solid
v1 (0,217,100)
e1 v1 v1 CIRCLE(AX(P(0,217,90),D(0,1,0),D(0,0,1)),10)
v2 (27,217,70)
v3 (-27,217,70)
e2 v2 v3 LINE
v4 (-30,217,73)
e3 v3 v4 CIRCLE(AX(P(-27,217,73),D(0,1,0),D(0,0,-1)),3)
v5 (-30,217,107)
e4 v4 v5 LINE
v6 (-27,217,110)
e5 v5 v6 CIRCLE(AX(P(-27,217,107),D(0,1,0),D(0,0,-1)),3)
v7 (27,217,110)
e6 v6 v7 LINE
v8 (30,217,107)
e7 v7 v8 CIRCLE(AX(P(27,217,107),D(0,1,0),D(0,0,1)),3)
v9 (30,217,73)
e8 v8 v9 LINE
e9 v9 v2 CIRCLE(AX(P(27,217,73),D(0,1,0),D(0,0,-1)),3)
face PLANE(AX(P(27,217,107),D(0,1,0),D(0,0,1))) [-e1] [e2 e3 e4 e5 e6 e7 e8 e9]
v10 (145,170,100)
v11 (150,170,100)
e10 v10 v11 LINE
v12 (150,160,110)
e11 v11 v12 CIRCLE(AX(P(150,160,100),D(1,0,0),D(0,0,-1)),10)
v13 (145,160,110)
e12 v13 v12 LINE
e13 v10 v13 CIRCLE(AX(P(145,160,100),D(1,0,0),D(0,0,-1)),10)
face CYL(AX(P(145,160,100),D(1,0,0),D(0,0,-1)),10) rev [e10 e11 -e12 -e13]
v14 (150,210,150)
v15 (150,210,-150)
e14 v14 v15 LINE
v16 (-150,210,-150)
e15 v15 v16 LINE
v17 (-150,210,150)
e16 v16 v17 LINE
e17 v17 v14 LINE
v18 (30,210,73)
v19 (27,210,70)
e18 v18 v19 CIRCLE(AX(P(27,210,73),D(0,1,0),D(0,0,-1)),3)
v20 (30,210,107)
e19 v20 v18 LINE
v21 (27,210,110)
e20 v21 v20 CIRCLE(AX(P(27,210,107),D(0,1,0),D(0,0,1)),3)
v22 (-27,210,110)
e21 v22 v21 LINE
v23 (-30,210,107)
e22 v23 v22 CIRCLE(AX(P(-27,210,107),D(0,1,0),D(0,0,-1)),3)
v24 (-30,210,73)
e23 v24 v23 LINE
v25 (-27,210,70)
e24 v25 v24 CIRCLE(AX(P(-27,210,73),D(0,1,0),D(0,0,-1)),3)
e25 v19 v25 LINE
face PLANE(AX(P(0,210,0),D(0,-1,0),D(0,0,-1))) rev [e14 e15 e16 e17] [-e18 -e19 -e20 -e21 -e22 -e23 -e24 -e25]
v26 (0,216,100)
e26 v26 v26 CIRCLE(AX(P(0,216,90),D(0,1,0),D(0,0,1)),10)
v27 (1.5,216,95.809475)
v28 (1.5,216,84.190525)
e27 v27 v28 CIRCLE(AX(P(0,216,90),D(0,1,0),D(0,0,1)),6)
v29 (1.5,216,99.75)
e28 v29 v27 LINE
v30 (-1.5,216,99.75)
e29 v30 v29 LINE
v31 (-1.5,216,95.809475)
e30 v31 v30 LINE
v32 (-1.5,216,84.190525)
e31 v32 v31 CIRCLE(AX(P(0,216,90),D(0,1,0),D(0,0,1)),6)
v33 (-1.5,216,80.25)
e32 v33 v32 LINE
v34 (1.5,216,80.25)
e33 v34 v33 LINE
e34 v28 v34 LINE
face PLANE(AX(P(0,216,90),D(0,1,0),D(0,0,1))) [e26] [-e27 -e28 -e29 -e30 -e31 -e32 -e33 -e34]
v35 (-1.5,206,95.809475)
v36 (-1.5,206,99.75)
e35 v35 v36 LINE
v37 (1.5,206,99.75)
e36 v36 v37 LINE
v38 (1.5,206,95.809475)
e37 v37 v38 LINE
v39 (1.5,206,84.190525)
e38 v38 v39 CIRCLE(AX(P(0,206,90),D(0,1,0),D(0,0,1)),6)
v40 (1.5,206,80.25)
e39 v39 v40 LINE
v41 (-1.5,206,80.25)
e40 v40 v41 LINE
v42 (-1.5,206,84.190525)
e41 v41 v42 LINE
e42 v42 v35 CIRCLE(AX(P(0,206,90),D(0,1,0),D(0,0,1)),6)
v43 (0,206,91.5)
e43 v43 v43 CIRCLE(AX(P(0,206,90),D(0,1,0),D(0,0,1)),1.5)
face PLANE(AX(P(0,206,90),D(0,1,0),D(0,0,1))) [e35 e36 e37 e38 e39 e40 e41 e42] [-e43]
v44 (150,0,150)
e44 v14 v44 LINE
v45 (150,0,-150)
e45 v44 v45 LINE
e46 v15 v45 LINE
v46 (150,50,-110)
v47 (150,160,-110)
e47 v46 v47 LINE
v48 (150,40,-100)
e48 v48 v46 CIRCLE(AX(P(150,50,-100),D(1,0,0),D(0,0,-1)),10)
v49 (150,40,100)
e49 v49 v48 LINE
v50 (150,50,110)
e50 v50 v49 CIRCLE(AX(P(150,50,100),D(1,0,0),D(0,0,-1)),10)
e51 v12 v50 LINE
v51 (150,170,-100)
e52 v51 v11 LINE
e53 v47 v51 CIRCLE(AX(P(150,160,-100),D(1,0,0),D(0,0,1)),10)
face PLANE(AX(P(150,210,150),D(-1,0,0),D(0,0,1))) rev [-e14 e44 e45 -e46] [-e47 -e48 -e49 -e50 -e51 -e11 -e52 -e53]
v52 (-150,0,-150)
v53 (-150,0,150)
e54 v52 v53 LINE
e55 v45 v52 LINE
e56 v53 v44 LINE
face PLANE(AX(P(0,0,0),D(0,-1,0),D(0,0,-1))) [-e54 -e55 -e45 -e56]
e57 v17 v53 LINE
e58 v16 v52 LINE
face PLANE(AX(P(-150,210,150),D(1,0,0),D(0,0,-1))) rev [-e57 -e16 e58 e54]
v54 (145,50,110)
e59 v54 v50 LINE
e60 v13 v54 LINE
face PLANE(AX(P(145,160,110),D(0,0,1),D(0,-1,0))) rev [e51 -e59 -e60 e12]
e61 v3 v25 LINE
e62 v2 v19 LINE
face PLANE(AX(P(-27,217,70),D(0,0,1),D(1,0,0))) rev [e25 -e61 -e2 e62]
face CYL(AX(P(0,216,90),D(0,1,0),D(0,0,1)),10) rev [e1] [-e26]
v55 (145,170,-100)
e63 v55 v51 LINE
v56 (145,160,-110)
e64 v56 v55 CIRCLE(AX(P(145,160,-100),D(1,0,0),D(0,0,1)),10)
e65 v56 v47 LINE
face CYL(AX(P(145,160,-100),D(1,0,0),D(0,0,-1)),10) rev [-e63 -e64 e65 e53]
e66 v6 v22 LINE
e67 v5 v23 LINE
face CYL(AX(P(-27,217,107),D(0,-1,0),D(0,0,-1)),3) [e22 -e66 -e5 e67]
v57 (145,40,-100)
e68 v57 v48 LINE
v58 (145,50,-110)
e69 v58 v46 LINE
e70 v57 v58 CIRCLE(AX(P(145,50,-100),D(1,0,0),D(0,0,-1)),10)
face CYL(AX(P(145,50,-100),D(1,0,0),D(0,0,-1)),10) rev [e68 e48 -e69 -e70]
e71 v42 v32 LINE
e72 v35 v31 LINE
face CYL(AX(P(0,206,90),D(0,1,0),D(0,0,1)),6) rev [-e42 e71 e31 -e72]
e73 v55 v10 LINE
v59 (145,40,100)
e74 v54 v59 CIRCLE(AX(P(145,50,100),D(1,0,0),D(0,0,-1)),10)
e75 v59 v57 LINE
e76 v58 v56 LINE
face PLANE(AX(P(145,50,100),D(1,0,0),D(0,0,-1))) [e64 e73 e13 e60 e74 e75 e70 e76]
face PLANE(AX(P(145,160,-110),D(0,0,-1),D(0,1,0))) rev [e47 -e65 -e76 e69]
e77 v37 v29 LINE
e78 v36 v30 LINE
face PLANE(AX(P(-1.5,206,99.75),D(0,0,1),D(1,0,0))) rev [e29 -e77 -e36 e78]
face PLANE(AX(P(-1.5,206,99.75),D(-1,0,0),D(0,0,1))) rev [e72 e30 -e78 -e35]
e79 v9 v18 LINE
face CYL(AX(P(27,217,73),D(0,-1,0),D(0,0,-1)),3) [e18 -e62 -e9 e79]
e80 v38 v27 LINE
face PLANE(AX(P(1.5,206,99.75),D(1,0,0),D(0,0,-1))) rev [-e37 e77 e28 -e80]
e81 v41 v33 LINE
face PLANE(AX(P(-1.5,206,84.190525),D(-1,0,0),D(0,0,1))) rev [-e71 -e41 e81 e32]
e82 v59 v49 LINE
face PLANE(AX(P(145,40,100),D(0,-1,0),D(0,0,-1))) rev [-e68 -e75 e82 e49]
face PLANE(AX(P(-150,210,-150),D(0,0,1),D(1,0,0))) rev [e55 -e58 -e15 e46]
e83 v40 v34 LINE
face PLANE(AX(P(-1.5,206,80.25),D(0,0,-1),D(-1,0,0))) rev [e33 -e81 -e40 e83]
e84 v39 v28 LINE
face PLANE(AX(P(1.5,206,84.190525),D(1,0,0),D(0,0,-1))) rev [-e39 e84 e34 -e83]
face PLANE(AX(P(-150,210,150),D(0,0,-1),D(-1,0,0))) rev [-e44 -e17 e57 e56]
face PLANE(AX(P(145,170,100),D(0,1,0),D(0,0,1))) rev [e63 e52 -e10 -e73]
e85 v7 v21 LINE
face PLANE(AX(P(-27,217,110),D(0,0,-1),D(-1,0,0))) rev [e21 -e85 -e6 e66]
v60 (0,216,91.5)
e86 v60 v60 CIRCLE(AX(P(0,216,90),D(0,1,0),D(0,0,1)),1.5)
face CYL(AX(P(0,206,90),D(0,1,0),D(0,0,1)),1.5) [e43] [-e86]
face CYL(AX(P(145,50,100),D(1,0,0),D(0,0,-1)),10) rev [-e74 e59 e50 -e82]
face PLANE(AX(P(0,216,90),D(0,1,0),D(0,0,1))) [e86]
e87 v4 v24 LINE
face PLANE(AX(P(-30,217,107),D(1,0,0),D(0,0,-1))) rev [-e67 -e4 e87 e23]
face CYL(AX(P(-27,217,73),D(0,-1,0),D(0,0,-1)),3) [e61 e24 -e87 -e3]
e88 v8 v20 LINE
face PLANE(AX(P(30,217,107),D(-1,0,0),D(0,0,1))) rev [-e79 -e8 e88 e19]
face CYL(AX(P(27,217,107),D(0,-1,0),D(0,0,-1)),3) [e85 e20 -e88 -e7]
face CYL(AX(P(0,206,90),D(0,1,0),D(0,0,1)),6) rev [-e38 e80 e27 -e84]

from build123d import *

# Parameters (mm, degrees)
SKETCH1_W           = 300
SKETCH1_H           = 300
BOSS_EXTRUDE1_DEPTH = 210
CUT_EXTRUDE1_DEPTH  = 5
BOSS_EXTRUDE2_DEPTH = 7
SKETCH4_R           = 10
CUT_EXTRUDE2_DEPTH  = 1
SKETCH5_R           = 1.5
CUT_EXTRUDE3_DEPTH  = 10


with BuildPart() as part:
    # Sketch1 → Boss-Extrude1 (new body)
    with BuildSketch(Plane(origin=(0, 0, 0), x_dir=(1, 0, 0), z_dir=(0, 1, 0))):
        Rectangle(SKETCH1_W, SKETCH1_H)
    extrude(amount=BOSS_EXTRUDE1_DEPTH)

    # Sketch2 → Cut-Extrude1 (cut)
    with BuildSketch(Plane(origin=(150, 0, 0), x_dir=(0, 0, -1), z_dir=(1, 0, 0))):
        with BuildLine():
            Line((-100, 170), (100, 170))
            ThreePointArc((100, 170), (107.071067812, 167.071067812), (110, 160))
            Line((110, 160), (110, 50))
            ThreePointArc((110, 50), (107.071067812, 42.928932188), (100, 40))
            Line((100, 40), (-100, 40))
            ThreePointArc((-100, 40), (-107.071067812, 42.928932188), (-110, 50))
            Line((-110, 50), (-110, 160))
            ThreePointArc((-110, 160), (-107.071067812, 167.071067812), (-100, 170))
        make_face()
    extrude(amount=-CUT_EXTRUDE1_DEPTH, mode=Mode.SUBTRACT)

    # Sketch3 → Boss-Extrude2 (add)
    with BuildSketch(Plane(origin=(0, 210, 0), x_dir=(1, 0, 0), z_dir=(0, 1, 0))):
        with BuildLine():
            Line((-27, -110), (27, -110))
            ThreePointArc((27, -110), (29.121320344, -109.121320344), (30, -107))
            Line((30, -107), (30, -73))
            ThreePointArc((30, -73), (29.121320344, -70.878679656), (27, -70))
            Line((27, -70), (-27, -70))
            ThreePointArc((-27, -70), (-29.121320344, -70.878679656), (-30, -73))
            Line((-30, -73), (-30, -107))
            ThreePointArc((-30, -107), (-29.121320344, -109.121320344), (-27, -110))
        make_face()
    extrude(amount=BOSS_EXTRUDE2_DEPTH)

    # Sketch4 → Cut-Extrude2 (cut)
    with BuildSketch(Plane(origin=(0, 217, 0), x_dir=(1, 0, 0), z_dir=(0, 1, 0))):
        with Locations(Location((0, -90, 0), (0, 0, 270))):
            Circle(SKETCH4_R)
    extrude(amount=-CUT_EXTRUDE2_DEPTH, mode=Mode.SUBTRACT)

    # Sketch5 → Cut-Extrude3 (cut)
    with BuildSketch(Plane(origin=(0, 216, 0), x_dir=(1, 0, 0), z_dir=(0, 1, 0))):
        with BuildLine():
            Line((-1.5, -84.190524981), (-1.5, -80.25))
            Line((-1.5, -80.25), (1.5, -80.25))
            Line((1.5, -80.25), (1.5, -84.190524981))
            ThreePointArc((1.5, -84.190524981), (6, -90), (1.5, -95.809475019))
            Line((1.5, -95.809475019), (1.5, -99.75))
            Line((1.5, -99.75), (-1.5, -99.75))
            Line((-1.5, -99.75), (-1.5, -95.809475019))
            ThreePointArc((-1.5, -95.809475019), (-6, -90), (-1.5, -84.190524981))
        make_face()
        with Locations(Location((0, -90, 0), (0, 0, 270))):
            Circle(SKETCH5_R, mode=Mode.SUBTRACT)
    extrude(amount=-CUT_EXTRUDE3_DEPTH, mode=Mode.SUBTRACT)


solid = part.part
